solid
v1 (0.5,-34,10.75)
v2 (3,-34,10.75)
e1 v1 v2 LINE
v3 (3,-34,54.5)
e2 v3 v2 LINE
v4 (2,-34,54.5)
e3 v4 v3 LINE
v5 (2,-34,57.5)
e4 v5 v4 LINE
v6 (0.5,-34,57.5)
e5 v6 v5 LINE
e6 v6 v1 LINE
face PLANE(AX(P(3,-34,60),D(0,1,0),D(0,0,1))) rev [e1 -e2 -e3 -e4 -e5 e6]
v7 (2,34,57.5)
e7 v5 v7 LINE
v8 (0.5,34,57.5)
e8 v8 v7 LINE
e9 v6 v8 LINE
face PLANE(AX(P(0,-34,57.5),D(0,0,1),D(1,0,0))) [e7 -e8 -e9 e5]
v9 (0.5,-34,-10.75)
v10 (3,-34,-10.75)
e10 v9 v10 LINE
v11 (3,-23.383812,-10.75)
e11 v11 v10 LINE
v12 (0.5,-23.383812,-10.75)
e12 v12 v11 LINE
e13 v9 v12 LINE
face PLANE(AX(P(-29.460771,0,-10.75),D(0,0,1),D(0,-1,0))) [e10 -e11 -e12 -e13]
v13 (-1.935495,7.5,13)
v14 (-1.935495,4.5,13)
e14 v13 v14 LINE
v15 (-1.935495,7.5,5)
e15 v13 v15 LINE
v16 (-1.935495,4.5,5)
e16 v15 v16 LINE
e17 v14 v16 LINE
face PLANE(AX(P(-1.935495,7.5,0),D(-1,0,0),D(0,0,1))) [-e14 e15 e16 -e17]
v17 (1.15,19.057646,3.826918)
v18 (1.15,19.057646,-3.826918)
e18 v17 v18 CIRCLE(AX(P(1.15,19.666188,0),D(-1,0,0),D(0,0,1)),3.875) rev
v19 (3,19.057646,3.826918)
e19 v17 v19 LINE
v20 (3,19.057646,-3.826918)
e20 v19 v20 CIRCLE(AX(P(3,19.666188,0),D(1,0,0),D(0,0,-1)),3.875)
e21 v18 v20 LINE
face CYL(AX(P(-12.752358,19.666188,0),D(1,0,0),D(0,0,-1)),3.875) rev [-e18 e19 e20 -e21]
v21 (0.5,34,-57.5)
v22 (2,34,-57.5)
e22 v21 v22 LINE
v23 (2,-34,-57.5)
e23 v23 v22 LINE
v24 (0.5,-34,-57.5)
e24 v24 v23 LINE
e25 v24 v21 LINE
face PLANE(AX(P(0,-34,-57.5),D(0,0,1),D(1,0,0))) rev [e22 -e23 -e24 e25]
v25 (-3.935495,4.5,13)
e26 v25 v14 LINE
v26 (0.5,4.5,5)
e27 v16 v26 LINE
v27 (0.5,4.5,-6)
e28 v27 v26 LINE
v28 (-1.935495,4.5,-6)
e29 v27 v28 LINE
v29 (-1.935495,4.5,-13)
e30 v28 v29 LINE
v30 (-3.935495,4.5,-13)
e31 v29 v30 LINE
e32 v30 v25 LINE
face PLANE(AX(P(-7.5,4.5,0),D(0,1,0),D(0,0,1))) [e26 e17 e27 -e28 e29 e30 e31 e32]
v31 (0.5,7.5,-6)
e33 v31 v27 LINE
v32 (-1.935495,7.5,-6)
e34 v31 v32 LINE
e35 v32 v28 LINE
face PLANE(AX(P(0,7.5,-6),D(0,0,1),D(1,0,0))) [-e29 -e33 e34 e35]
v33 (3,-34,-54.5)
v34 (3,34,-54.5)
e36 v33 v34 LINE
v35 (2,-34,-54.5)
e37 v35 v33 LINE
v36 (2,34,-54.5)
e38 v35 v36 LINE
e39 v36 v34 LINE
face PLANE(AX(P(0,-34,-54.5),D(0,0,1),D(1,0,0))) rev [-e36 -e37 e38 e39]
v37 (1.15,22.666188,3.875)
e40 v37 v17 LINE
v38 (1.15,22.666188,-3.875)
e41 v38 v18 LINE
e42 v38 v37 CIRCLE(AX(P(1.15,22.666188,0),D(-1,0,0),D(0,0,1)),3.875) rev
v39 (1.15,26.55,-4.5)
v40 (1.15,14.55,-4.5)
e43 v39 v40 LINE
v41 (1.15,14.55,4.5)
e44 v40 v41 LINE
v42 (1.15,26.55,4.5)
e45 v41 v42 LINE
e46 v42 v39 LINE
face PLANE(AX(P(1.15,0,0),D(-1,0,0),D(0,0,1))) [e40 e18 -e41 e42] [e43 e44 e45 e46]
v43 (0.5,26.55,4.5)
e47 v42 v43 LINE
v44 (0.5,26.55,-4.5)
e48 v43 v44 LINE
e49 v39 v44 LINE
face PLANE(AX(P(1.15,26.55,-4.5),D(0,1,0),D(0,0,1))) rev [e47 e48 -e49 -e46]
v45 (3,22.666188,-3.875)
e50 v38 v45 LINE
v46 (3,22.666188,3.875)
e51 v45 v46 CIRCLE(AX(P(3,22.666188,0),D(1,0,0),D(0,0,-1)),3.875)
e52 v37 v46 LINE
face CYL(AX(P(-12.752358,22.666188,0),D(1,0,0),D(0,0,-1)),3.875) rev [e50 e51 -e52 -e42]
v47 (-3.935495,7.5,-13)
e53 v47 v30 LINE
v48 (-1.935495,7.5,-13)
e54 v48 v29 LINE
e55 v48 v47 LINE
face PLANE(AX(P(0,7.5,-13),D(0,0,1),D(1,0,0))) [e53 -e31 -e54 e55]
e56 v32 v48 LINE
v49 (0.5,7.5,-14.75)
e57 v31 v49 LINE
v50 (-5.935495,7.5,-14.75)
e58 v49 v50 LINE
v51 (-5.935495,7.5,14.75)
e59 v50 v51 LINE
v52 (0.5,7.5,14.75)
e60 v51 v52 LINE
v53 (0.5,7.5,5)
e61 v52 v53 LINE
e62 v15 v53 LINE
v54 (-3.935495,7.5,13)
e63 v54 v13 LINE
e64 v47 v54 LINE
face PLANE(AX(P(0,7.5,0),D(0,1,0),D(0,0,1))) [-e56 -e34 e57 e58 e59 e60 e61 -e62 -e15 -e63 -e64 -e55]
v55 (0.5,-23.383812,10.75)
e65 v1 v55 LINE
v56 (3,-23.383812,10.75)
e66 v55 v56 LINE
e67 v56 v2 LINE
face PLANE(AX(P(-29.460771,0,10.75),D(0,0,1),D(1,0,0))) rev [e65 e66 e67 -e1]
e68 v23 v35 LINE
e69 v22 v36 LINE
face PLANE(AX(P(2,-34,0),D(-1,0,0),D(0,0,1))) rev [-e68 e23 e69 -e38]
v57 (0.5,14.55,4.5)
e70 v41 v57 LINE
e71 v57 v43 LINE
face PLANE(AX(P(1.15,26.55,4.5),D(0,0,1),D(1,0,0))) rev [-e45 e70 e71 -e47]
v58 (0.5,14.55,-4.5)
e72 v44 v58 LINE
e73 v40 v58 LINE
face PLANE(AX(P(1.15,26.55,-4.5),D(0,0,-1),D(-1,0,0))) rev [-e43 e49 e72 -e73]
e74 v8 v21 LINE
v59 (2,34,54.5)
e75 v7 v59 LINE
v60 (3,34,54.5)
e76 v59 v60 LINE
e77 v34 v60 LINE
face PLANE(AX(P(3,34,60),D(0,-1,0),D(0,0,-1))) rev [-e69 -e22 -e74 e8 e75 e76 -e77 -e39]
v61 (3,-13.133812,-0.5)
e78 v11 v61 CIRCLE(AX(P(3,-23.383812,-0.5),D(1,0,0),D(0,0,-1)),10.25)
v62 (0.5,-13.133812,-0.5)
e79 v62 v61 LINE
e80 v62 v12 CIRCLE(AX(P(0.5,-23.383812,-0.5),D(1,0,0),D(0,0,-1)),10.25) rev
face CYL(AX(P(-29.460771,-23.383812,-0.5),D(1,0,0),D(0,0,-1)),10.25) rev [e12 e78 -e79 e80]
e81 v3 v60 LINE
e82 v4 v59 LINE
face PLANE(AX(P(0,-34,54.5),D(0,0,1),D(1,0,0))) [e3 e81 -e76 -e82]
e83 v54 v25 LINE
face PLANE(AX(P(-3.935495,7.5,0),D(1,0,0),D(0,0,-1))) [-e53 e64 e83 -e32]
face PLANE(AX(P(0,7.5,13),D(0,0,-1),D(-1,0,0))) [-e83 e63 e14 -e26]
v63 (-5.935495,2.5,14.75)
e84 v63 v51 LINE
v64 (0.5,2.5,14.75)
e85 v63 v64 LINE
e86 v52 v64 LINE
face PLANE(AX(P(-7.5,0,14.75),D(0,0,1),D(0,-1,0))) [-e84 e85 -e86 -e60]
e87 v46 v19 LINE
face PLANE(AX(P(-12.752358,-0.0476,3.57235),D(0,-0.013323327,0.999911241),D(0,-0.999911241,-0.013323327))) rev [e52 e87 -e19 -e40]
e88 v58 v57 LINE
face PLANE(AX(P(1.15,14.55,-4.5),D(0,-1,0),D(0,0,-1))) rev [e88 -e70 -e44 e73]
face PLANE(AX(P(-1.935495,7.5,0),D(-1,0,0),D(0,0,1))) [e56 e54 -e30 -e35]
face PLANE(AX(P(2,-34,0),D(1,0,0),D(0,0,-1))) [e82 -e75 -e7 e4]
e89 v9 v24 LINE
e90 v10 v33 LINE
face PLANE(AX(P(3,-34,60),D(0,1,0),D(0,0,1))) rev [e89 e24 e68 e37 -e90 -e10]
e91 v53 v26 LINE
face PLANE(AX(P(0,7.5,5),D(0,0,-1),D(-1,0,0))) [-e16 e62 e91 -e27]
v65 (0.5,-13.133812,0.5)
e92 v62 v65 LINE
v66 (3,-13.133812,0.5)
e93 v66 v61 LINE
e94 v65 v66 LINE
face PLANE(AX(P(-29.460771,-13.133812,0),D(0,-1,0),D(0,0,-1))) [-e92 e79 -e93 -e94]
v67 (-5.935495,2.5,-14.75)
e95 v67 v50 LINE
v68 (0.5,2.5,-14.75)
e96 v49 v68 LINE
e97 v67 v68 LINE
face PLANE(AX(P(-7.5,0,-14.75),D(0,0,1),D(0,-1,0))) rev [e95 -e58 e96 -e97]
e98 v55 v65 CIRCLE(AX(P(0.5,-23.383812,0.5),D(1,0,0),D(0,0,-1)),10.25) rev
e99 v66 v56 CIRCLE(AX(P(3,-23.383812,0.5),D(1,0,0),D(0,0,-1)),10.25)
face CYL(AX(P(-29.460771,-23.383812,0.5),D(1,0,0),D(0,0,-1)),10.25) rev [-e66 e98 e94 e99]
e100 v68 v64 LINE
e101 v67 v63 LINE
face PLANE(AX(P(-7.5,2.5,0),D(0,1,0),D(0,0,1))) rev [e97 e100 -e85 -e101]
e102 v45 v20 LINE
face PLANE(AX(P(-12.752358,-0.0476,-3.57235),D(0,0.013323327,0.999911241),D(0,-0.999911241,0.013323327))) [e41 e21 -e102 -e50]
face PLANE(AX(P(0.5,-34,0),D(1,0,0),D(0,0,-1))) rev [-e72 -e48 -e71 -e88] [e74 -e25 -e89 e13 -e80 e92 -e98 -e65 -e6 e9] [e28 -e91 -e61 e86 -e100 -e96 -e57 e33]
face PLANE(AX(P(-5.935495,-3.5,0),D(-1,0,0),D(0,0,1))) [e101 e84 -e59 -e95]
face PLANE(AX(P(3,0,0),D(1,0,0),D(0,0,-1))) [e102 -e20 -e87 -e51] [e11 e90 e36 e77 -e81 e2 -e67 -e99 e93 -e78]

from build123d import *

# Parameters (mm, degrees)
SKETCH_1_W           = 120
SKETCH_1_H           = 68
EXTRUDE_1_DEPTH      = 3
CUT_EXTRUDE_1_DEPTH  = 91.735880444
CUT_EXTRUDE_7_DEPTH  = 2.5
CUT_EXTRUDE_10_DEPTH = 2.5
SKETCH_17_W          = 9
SKETCH_17_H          = 12
CUT_EXTRUDE_11_DEPTH = 0.65
EXTRUDE_2_DEPTH      = 8
SKETCH_19_W          = 1.564505321
SKETCH_19_H          = 29.5
CUT_EXTRUDE_12_DEPTH = 8
EXTRUDE_3_DEPTH      = 3


with BuildPart() as part:
    # 스케치1 → 보스-돌출1 (new body)
    with BuildSketch(Plane(origin=(0, 0, 0), x_dir=(0, 0, -1), z_dir=(1, 0, 0))):
        Rectangle(SKETCH_1_W, SKETCH_1_H)
    extrude(amount=EXTRUDE_1_DEPTH)

    # 스케치2 → 컷-돌출1 (cut, through all)
    with BuildSketch(Plane(origin=(0, 34, 0), x_dir=(1, 0, 0), z_dir=(0, 1, 0))):
        Polygon((0.5, -60), (0.5, -57.5), (0.5, 0), (0, 0), (0, -60), align=None)
        Polygon((2, -57.5), (0.5, -57.5), (0.5, -60), (3, -60), (3, -54.5), (2, -54.5), align=None)
        Polygon((0.5, 60), (0.5, 57.5), (2, 57.5), (2, 54.5), (3, 54.5), (3, 60), align=None)
        Polygon((0, 0), (0.5, 0), (0.5, 57.5), (0.5, 60), (0, 60), align=None)
    extrude(amount=-CUT_EXTRUDE_1_DEPTH, mode=Mode.SUBTRACT)

    # 스케치7 → 컷-돌출7 (cut)
    with BuildSketch(Plane(origin=(3, 0, 0), x_dir=(0, 0, -1), z_dir=(1, 0, 0))):
        with BuildLine():
            Line((0.5, -13.133811576), (-0.5, -13.133811576))
            ThreePointArc((-0.5, -13.133811576), (-7.747844507, -16.135967068), (-10.75, -23.383811576))
            Line((-10.75, -23.383811576), (-10.75, -34))
            Line((-10.75, -34), (10.75, -34))
            Line((10.75, -34), (10.75, -23.383811576))
            ThreePointArc((10.75, -23.383811576), (7.747844507, -16.135967068), (0.5, -13.133811576))
        make_face()
    extrude(amount=-CUT_EXTRUDE_7_DEPTH, mode=Mode.SUBTRACT)

    # 스케치16 → 컷-돌출10 (cut)
    with BuildSketch(Plane(origin=(3, 0, 0), x_dir=(0, 0, -1), z_dir=(1, 0, 0))):
        with BuildLine():
            Line((-3.875, 22.666188424), (-3.82691794, 19.057645835))
            ThreePointArc((-3.82691794, 19.057645835), (0, 15.791188424), (3.82691794, 19.057645835))
            Line((3.82691794, 19.057645835), (3.875, 22.666188424))
            ThreePointArc((3.875, 22.666188424), (0, 26.541188424), (-3.875, 22.666188424))
        make_face()
    extrude(amount=-CUT_EXTRUDE_10_DEPTH, mode=Mode.SUBTRACT)

    # 스케치17 → 컷-돌출11 (cut)
    with BuildSketch(Plane.ZY.offset(-0.5)):
        with Locations((0, 20.55)):
            Rectangle(SKETCH_17_W, SKETCH_17_H)
    extrude(amount=-CUT_EXTRUDE_11_DEPTH, mode=Mode.SUBTRACT)

    # 스케치18 → 보스-돌출2 (add)
    with BuildSketch(Plane.ZY.offset(-0.5)):
        Polygon((-12.5, 4.5), (-14.75, 4.5), (-14.75, 2.5), (0, 2.5), (0, 4.5), align=None)
        Polygon((12.5, 4.5), (0, 4.5), (0, 2.5), (14.75, 2.5), (14.75, 4.5), align=None)
    extrude(amount=EXTRUDE_2_DEPTH)

    # 스케치19 → 컷-돌출12 (cut)
    with BuildSketch(Plane(origin=(0, 4.5, 0), x_dir=(1, 0, 0), z_dir=(0, 1, 0))):
        with Locations((-6.71774734, 0)):
            Rectangle(SKETCH_19_W, SKETCH_19_H)
    extrude(amount=-CUT_EXTRUDE_12_DEPTH, mode=Mode.SUBTRACT)

    # 스케치19<3> → 보스-돌출3 (add)
    with BuildSketch(Plane(origin=(0, 4.5, 0), x_dir=(1, 0, 0), z_dir=(0, 1, 0))):
        Polygon((0.5, 6), (0.5, 14.75), (-5.935494679, 14.75), (-5.935494679, -14.75), (0.5, -14.75), (0.5, -5), (-1.935494679, -5), (-1.935494679, -13), (-3.935494679, -13), (-3.935494679, 13), (-1.935494679, 13), (-1.935494679, 6), align=None)
    extrude(amount=EXTRUDE_3_DEPTH)


solid = part.part
